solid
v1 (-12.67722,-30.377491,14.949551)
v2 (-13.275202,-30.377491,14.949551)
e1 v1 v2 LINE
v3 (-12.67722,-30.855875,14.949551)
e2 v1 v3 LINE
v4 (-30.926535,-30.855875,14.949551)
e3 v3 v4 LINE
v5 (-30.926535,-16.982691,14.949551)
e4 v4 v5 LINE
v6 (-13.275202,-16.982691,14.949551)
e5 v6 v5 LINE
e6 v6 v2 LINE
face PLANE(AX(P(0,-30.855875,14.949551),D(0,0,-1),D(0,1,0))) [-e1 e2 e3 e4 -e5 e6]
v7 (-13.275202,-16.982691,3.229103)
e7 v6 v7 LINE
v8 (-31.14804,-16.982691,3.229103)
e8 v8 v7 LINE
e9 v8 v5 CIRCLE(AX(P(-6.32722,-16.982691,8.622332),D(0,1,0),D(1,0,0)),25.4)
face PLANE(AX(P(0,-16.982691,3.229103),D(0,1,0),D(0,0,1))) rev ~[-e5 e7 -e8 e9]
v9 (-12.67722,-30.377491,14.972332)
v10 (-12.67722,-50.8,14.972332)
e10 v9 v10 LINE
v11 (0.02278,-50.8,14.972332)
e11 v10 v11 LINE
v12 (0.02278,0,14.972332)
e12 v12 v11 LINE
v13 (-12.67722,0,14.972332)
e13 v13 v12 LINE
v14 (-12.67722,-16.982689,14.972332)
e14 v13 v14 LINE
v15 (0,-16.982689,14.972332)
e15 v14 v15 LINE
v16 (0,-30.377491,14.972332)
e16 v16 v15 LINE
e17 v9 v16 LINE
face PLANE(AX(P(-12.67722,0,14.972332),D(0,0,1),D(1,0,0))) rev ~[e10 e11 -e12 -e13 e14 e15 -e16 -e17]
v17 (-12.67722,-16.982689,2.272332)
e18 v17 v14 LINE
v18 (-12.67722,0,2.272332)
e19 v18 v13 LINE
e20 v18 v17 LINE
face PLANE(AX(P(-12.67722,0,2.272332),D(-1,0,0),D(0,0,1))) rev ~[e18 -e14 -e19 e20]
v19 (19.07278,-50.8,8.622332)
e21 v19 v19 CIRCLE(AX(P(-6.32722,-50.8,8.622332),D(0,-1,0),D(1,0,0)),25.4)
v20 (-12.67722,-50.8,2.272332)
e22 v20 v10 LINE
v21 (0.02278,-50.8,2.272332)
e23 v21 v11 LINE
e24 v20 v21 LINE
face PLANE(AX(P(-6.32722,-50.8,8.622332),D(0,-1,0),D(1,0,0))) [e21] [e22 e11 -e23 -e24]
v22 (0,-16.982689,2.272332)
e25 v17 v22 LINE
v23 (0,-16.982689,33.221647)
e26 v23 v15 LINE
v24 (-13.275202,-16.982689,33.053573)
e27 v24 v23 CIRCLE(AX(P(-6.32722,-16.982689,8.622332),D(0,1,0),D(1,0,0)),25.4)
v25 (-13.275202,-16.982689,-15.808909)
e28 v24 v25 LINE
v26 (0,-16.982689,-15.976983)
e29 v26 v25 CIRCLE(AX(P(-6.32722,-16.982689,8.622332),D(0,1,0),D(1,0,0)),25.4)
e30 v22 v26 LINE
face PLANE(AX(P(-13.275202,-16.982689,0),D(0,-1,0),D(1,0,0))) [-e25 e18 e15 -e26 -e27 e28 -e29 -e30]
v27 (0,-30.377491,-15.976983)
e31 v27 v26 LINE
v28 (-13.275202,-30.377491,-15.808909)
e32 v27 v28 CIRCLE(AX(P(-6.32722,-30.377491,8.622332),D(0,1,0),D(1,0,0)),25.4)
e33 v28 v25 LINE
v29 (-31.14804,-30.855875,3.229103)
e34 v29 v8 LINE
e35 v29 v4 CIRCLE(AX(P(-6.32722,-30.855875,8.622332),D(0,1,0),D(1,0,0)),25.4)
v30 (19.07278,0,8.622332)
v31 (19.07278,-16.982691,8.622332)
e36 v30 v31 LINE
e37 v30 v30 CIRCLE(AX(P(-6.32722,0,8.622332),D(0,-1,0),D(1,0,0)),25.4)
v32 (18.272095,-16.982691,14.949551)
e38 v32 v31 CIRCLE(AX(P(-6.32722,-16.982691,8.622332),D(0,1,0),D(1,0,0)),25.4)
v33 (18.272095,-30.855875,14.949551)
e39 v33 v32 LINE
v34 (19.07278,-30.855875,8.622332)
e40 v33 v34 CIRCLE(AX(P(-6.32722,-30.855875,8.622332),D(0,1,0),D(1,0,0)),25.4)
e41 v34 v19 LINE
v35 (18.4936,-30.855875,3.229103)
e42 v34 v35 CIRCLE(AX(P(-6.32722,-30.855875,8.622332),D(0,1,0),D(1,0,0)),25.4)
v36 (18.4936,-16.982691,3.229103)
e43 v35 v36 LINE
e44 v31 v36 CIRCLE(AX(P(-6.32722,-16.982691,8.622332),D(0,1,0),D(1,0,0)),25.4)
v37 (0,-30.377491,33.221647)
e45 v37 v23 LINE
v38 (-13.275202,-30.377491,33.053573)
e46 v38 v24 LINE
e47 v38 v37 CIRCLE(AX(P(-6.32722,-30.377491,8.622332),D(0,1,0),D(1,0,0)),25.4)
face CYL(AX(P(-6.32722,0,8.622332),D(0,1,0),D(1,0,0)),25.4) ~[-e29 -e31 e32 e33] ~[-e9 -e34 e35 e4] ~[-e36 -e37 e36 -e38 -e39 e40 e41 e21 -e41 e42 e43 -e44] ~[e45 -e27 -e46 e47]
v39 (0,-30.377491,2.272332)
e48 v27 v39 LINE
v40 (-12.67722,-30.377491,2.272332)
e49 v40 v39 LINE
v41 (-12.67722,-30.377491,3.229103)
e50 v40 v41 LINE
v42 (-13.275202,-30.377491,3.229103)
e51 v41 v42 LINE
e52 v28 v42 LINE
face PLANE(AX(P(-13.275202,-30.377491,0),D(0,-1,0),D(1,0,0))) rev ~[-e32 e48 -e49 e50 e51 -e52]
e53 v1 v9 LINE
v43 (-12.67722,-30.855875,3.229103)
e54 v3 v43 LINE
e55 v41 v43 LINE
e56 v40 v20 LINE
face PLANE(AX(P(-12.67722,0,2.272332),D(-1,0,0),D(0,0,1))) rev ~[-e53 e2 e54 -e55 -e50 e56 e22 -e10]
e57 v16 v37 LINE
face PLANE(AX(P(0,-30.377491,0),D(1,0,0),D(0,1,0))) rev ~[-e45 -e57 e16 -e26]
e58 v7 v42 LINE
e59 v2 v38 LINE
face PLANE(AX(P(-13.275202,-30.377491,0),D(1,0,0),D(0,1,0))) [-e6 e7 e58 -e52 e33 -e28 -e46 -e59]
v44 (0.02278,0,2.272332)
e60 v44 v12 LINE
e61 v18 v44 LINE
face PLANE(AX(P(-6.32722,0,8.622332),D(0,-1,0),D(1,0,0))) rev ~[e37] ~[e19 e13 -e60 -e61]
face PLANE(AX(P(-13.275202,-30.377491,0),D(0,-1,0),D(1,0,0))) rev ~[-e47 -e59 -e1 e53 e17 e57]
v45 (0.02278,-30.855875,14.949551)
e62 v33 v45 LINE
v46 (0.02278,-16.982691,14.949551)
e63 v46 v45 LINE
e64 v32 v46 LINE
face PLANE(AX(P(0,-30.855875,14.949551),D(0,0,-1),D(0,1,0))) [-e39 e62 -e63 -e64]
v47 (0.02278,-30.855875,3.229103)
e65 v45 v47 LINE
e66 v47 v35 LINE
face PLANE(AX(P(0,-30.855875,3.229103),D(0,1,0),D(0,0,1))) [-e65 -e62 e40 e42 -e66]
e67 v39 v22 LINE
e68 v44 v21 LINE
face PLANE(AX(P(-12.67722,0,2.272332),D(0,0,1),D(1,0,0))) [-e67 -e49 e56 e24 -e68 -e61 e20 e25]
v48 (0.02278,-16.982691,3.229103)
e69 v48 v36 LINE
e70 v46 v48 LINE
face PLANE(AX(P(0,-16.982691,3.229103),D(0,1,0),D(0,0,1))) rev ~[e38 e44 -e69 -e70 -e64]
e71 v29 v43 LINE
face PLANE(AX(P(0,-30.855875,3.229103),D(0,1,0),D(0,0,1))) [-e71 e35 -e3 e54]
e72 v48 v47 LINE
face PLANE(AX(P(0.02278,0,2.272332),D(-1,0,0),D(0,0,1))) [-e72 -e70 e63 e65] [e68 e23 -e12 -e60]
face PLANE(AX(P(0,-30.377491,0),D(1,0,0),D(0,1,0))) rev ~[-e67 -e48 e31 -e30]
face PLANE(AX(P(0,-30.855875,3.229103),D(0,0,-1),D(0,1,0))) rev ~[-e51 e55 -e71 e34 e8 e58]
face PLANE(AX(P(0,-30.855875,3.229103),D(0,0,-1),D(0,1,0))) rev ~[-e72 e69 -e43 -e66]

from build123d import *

# Parameters (mm, degrees)
F0_R     = 25.4
F0_W     = 12.7
F0_H     = 12.7
F1_DEPTH = 50.8
F2_W     = 13.873184
F2_H     = 11.720448
F3_DEPTH = 50.8
F4_W     = 13.275202
F4_H     = 13.394801
F5_DEPTH = 50.8


with BuildPart() as f1:
    # F0 (on Front) → F1 (new body)
    with BuildSketch(Plane.XZ):
        with Locations((-6.32722, 8.622332)):
            Circle(F0_R)
        with Locations((-6.32722, 8.622332)):
            Rectangle(F0_W, F0_H, mode=Mode.SUBTRACT)
    extrude(amount=F1_DEPTH)

    # F2 (on Right) → F3 (cut, symmetric)
    with BuildSketch(Plane.YZ):
        with Locations((-23.919283, 9.089327)):
            Rectangle(F2_W, F2_H)
    extrude(amount=F3_DEPTH, both=True, mode=Mode.SUBTRACT)

    # F4 (on Top) → F5 (cut, symmetric)
    with BuildSketch(Plane.XY):
        with Locations((-6.637601, -23.68009)):
            Rectangle(F4_W, F4_H)
    extrude(amount=F5_DEPTH, both=True, mode=Mode.SUBTRACT)


solid = f1.part
